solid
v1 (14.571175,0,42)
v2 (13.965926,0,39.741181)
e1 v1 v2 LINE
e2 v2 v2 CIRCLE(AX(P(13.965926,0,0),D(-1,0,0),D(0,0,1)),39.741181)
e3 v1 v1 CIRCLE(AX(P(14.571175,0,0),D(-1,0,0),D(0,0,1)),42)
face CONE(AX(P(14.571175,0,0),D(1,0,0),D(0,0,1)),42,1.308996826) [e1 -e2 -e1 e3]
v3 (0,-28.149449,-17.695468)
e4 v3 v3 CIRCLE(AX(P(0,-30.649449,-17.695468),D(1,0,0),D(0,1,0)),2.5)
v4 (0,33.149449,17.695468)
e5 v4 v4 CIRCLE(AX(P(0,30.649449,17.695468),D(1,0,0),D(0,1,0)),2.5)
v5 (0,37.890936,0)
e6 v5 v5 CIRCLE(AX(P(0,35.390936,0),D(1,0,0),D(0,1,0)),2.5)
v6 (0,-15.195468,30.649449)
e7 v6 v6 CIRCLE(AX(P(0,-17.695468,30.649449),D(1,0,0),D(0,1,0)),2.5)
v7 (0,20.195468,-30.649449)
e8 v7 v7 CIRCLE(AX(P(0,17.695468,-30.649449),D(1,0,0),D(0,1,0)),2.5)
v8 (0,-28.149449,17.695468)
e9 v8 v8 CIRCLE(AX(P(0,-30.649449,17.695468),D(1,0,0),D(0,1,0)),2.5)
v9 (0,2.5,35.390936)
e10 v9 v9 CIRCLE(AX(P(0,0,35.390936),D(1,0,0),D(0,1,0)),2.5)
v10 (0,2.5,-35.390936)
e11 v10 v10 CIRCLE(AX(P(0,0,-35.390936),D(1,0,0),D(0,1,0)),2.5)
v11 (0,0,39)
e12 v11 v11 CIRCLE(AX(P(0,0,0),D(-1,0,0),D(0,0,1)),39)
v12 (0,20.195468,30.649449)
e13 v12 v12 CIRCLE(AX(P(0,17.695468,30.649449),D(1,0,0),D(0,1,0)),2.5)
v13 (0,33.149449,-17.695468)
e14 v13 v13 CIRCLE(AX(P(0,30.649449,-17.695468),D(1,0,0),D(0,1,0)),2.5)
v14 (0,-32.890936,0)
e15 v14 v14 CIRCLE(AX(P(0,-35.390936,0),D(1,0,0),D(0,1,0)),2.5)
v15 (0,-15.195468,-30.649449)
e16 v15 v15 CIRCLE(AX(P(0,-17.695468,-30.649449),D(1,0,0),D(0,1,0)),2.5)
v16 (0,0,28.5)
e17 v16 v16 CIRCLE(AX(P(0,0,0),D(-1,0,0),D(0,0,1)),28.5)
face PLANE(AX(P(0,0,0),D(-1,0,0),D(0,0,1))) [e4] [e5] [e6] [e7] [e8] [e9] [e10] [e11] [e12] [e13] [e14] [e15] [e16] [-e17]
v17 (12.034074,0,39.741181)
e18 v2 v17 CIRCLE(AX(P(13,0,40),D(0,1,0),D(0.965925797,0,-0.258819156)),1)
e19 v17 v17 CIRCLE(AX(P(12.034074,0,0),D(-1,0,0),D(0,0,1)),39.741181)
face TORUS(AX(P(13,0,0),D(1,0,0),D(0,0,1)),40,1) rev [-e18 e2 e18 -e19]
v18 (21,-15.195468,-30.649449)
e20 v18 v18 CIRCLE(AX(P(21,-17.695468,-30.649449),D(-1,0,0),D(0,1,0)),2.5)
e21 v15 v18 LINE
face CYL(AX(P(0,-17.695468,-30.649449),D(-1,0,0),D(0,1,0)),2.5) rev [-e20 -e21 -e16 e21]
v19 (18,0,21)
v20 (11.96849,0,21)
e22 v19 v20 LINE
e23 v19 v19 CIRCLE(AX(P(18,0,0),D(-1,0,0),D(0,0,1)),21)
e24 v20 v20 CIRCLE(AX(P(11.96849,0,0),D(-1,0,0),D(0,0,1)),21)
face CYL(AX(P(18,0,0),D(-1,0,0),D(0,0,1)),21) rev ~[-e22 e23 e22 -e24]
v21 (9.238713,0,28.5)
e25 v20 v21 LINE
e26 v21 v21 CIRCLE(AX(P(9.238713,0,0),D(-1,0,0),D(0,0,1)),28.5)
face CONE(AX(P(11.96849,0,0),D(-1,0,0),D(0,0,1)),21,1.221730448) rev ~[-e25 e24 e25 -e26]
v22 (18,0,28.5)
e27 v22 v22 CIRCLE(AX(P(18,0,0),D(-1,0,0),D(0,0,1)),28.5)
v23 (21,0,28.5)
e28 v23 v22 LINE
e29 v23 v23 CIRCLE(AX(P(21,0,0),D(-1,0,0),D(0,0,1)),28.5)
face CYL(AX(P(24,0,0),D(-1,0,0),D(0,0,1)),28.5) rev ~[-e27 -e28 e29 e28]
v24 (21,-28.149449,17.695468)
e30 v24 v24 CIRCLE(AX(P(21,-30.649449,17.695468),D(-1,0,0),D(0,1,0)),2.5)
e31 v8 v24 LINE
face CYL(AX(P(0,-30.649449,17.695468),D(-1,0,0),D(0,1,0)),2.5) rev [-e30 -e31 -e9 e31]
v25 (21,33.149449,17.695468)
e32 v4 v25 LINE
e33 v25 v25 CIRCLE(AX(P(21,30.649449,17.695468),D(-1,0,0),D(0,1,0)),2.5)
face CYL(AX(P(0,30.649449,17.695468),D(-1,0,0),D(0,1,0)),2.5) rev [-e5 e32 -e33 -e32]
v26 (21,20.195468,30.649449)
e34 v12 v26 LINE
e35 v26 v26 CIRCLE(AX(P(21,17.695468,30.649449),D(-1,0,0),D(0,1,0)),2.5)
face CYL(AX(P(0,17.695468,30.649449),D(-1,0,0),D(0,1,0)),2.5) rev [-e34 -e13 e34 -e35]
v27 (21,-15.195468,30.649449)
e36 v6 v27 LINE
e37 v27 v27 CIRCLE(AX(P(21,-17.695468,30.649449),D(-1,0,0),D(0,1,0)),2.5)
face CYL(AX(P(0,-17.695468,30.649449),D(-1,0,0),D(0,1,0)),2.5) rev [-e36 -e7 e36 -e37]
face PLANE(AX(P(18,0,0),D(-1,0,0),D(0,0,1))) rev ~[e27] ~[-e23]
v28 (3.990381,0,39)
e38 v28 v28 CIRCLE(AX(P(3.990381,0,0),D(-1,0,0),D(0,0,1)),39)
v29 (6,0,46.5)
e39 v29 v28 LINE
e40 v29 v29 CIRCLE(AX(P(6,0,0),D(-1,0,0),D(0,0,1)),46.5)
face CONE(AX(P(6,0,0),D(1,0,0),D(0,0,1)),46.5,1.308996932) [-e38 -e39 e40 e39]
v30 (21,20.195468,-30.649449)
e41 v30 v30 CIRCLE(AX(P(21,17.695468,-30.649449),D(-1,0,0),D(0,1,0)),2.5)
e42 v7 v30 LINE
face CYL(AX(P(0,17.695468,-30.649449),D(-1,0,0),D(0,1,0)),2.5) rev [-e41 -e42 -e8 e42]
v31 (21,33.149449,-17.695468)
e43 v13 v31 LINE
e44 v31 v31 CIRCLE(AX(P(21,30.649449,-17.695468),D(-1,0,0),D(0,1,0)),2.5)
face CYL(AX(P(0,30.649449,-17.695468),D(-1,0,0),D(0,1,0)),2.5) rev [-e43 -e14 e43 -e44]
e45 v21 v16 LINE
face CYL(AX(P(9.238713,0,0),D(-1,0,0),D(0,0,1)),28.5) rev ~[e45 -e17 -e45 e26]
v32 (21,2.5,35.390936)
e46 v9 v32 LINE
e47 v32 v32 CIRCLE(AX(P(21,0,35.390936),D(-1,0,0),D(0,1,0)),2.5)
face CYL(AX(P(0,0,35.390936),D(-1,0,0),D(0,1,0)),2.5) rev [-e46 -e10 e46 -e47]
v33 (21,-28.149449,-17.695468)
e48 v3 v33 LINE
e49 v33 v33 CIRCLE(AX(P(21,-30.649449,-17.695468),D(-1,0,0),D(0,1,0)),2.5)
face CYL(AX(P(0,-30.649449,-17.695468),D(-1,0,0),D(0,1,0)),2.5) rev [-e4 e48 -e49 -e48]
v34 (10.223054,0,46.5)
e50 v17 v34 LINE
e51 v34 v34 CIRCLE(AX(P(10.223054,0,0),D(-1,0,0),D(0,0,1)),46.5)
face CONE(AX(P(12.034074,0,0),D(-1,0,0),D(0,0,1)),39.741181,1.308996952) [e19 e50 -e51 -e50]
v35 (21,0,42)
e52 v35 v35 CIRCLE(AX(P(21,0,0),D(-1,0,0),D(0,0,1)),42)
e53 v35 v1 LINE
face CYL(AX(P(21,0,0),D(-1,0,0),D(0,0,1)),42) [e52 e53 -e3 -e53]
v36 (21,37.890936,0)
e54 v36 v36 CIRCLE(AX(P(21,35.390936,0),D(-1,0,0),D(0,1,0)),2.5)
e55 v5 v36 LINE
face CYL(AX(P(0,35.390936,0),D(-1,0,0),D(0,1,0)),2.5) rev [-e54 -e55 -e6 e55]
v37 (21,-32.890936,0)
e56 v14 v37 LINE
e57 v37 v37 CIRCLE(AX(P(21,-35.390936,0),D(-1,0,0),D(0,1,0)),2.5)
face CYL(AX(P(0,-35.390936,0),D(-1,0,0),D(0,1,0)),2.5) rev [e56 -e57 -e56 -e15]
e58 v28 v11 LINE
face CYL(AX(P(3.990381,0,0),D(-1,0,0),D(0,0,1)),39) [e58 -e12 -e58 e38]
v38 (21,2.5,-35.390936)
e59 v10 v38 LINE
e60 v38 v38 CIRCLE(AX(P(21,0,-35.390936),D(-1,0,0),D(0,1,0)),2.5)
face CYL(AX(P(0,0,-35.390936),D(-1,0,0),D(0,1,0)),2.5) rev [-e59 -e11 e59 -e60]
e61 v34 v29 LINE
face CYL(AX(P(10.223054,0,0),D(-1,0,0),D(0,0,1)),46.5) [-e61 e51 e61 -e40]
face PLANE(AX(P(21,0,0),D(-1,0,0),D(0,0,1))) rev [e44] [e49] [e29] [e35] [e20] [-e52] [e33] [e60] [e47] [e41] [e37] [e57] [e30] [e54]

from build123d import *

# Parameters (mm, degrees)
F4_R     = 2.5
F5_DEPTH = 25


with BuildPart() as f1:
    # F0 (on Front) → F1 (revolve)
    with BuildSketch(Plane.XZ):
        with BuildLine():
            Line((0, 39), (0, 0))
            Line((0, 0), (21, 0))
            Line((21, 0), (21, 42))
            Line((21, 42), (14.571175, 42))
            Line((14.571175, 42), (13.965926, 39.741181))
            ThreePointArc((13.965926, 39.741181), (13, 39), (12.034074, 39.741181))
            Line((12.034074, 39.741181), (10.223054, 46.5))
            Line((10.223054, 46.5), (6, 46.5))
            Line((6, 46.5), (3.990381, 39))
            Line((3.990381, 39), (0, 39))
        make_face()
    revolve(axis=Axis((10.5, 0, 0), (-1, 0, 0)))

    # F2 (on Front) → F3 (revolve, cut)
    with BuildSketch(Plane.XZ):
        Polygon((0, 28.5), (0, 0), (24, 0), (24, 28.5), (18, 28.5), (18, 21), (11.96849, 21), (9.238713, 28.5), align=None)
    revolve(axis=Axis((12, 0, 0), (-1, 0, 0)), mode=Mode.SUBTRACT)

    # F4 (on Right) → F5 (cut)
    with BuildSketch(Plane.YZ):
        with Locations((-35.390936, 0)):
            Circle(F4_R)
        with Locations((-30.649449, -17.695468)):
            Circle(F4_R)
        with Locations((-17.695468, -30.649449)):
            Circle(F4_R)
        with Locations((0, -35.390936)):
            Circle(F4_R)
        with Locations((17.695468, -30.649449)):
            Circle(F4_R)
        with Locations((30.649449, -17.695468)):
            Circle(F4_R)
        with Locations((35.390936, 0)):
            Circle(F4_R)
        with Locations((30.649449, 17.695468)):
            Circle(F4_R)
        with Locations((17.695468, 30.649449)):
            Circle(F4_R)
        with Locations((0, 35.390936)):
            Circle(F4_R)
        with Locations((-17.695468, 30.649449)):
            Circle(F4_R)
        with Locations((-30.649449, 17.695468)):
            Circle(F4_R)
    extrude(amount=F5_DEPTH, mode=Mode.SUBTRACT)


solid = f1.part
